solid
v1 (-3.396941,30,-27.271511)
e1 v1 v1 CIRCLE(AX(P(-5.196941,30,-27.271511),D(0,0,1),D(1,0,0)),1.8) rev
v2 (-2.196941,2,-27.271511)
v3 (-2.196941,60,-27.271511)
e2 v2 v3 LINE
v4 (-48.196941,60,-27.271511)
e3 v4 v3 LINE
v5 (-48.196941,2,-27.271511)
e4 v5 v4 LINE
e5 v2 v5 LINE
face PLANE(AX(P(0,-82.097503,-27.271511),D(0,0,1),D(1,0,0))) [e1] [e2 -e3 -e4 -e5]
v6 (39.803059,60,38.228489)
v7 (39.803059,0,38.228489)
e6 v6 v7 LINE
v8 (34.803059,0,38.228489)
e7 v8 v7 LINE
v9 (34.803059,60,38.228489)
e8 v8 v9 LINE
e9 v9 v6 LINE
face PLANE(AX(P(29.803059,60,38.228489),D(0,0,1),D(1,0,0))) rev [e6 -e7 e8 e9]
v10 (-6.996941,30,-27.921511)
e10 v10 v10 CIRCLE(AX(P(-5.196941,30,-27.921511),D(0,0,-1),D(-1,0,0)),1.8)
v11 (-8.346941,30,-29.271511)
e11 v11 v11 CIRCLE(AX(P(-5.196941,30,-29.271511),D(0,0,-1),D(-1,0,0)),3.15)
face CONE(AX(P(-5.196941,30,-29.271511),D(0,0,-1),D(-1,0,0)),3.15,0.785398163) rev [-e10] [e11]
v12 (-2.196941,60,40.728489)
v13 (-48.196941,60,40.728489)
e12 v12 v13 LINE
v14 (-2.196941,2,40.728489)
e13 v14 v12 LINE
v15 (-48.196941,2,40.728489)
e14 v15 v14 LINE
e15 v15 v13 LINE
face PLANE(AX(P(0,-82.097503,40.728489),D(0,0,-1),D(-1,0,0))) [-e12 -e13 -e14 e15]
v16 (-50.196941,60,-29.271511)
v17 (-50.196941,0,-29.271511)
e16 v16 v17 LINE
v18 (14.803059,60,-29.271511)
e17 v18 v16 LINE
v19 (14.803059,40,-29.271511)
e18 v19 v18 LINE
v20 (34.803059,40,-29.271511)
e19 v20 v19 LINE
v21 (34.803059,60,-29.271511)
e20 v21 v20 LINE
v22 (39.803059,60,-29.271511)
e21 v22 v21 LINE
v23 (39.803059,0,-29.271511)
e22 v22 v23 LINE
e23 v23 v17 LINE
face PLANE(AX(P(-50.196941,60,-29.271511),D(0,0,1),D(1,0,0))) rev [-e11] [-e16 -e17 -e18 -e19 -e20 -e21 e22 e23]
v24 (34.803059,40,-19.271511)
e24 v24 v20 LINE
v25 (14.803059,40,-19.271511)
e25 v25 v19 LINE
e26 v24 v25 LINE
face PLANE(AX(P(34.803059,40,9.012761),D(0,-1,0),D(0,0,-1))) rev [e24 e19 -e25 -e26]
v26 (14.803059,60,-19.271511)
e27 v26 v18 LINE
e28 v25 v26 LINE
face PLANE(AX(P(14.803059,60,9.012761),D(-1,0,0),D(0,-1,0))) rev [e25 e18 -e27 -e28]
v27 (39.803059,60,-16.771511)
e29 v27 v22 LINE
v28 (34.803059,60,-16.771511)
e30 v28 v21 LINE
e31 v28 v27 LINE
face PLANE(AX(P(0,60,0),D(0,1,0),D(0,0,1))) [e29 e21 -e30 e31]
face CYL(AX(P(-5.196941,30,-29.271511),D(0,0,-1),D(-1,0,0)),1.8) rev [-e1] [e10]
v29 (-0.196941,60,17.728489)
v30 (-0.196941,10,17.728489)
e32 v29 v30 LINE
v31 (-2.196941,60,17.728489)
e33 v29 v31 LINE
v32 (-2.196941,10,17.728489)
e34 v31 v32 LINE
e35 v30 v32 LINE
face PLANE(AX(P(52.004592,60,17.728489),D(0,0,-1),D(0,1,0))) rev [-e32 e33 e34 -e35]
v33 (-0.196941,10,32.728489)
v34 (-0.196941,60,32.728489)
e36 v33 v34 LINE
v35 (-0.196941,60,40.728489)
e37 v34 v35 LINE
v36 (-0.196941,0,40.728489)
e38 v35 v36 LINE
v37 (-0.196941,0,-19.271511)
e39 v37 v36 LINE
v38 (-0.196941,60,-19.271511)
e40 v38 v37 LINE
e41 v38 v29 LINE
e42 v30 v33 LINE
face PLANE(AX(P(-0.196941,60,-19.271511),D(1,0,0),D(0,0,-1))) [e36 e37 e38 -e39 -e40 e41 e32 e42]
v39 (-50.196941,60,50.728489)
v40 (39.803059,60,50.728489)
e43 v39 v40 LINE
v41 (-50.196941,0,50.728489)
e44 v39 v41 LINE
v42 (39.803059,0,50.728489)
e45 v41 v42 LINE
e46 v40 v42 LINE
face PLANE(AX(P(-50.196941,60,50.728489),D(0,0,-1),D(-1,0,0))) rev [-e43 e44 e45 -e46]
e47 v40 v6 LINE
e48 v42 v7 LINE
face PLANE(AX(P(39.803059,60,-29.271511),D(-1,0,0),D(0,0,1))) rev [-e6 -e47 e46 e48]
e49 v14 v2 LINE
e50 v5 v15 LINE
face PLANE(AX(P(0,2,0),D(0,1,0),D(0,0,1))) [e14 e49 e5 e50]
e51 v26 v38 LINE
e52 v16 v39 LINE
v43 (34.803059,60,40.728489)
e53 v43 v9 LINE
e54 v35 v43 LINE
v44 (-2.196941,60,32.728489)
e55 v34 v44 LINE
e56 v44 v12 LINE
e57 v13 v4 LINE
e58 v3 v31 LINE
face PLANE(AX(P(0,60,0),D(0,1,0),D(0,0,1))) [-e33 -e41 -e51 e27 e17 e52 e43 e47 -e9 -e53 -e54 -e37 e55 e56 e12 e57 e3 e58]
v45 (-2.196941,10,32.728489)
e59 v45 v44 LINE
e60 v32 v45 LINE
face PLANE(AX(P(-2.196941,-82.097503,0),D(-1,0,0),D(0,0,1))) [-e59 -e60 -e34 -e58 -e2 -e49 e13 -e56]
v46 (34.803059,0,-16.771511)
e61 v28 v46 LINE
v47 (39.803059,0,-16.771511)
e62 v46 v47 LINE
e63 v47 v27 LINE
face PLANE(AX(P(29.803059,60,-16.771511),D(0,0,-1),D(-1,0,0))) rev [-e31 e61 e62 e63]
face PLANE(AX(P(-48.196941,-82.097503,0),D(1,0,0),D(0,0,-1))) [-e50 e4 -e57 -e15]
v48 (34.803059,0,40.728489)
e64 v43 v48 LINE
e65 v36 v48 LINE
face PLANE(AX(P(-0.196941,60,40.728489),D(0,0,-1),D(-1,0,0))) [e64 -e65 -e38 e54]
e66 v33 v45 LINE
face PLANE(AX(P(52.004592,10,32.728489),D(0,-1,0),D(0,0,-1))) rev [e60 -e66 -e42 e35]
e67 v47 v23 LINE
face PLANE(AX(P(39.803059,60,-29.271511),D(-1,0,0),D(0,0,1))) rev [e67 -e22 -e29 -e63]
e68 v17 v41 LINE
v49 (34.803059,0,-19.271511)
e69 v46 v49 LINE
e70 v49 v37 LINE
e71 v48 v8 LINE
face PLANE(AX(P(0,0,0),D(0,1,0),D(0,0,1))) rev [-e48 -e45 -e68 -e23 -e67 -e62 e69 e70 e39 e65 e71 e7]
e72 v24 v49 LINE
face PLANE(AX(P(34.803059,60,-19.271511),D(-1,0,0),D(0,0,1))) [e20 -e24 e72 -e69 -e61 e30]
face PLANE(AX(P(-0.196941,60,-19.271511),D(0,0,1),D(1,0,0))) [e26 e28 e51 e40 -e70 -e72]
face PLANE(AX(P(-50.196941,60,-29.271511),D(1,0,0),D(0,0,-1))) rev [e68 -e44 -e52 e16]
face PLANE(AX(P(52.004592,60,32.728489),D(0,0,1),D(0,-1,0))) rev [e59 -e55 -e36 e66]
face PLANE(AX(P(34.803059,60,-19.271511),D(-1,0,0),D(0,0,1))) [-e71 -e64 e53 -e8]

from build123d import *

# Parameters (mm, degrees)
SKETCH1_W           = 90
SKETCH1_H           = 80
SKETCH1_W_2         = 35
SKETCH1_H_2         = 60
BOSS_EXTRUDE1_DEPTH = 60
SKETCH2_W           = 46
SKETCH2_H           = 68
CUT_EXTRUDE1_DEPTH  = 58
SKETCH3_W           = 15
SKETCH3_H           = 50
CUT_EXTRUDE2_DEPTH  = 2
SKETCH4_W           = 20
SKETCH4_H           = 20
CUT_EXTRUDE3_DEPTH  = 10
SKETCH5_W           = 55
SKETCH5_H           = 60
CUT_EXTRUDE4_DEPTH  = 10


with BuildPart() as part:
    # Sketch1 → Boss-Extrude1 (new body)
    with BuildSketch(Plane(origin=(0, 0, 0), x_dir=(1, 0, 0), z_dir=(0, 1, 0))):
        with Locations((-5.196940727, -10.728489484)):
            Rectangle(SKETCH1_W, SKETCH1_H)
        with Locations((17.303059273, -10.728489484)):
            Rectangle(SKETCH1_W_2, SKETCH1_H_2, mode=Mode.SUBTRACT)
    extrude(amount=BOSS_EXTRUDE1_DEPTH)

    # Sketch2 → Cut-Extrude1 (cut)
    with BuildSketch(Plane(origin=(0, 60, 0), x_dir=(1, 0, 0), z_dir=(0, 1, 0))):
        with Locations((-25.196940727, -6.728489484)):
            Rectangle(SKETCH2_W, SKETCH2_H)
    extrude(amount=-CUT_EXTRUDE1_DEPTH, mode=Mode.SUBTRACT)

    # Sketch3 → Cut-Extrude2 (cut)
    with BuildSketch(Plane.ZY.offset(2.196940727)):
        with Locations((25.228489484, 35)):
            Rectangle(SKETCH3_W, SKETCH3_H)
    extrude(amount=-CUT_EXTRUDE2_DEPTH, mode=Mode.SUBTRACT)

    # Sketch4 → Cut-Extrude3 (cut)
    with BuildSketch(Plane(origin=(0, 0, -29.271510516), x_dir=(-1, 0, 0), z_dir=(0, 0, -1))):
        with Locations((-24.803059273, 50)):
            Rectangle(SKETCH4_W, SKETCH4_H)
    extrude(amount=-CUT_EXTRUDE3_DEPTH, mode=Mode.SUBTRACT)

    # Sketch5 → Cut-Extrude4 (cut)
    with BuildSketch(Plane(origin=(39.803059273, 0, 0), x_dir=(0, 0, -1), z_dir=(1, 0, 0))):
        with Locations((-10.728489484, 30)):
            Rectangle(SKETCH5_W, SKETCH5_H)
    extrude(amount=-CUT_EXTRUDE4_DEPTH, mode=Mode.SUBTRACT)

    # Sketch14 → CSK for M3 Flat Head Machine Screw1 (revolve, cut)
    with BuildSketch(Plane(origin=(-5.196940727, 30, -29.271510516), x_dir=(0, 1, 0), z_dir=(1, 0, 0))):
        Polygon((0, 0), (0, 3.081549114), (1.8, 2), (1.8, 1.35), (3.15, 0), align=None)
    revolve(axis=Axis((-5.196940727, 30, -35.621510516), (0, 0, 1)), mode=Mode.SUBTRACT)


solid = part.part
